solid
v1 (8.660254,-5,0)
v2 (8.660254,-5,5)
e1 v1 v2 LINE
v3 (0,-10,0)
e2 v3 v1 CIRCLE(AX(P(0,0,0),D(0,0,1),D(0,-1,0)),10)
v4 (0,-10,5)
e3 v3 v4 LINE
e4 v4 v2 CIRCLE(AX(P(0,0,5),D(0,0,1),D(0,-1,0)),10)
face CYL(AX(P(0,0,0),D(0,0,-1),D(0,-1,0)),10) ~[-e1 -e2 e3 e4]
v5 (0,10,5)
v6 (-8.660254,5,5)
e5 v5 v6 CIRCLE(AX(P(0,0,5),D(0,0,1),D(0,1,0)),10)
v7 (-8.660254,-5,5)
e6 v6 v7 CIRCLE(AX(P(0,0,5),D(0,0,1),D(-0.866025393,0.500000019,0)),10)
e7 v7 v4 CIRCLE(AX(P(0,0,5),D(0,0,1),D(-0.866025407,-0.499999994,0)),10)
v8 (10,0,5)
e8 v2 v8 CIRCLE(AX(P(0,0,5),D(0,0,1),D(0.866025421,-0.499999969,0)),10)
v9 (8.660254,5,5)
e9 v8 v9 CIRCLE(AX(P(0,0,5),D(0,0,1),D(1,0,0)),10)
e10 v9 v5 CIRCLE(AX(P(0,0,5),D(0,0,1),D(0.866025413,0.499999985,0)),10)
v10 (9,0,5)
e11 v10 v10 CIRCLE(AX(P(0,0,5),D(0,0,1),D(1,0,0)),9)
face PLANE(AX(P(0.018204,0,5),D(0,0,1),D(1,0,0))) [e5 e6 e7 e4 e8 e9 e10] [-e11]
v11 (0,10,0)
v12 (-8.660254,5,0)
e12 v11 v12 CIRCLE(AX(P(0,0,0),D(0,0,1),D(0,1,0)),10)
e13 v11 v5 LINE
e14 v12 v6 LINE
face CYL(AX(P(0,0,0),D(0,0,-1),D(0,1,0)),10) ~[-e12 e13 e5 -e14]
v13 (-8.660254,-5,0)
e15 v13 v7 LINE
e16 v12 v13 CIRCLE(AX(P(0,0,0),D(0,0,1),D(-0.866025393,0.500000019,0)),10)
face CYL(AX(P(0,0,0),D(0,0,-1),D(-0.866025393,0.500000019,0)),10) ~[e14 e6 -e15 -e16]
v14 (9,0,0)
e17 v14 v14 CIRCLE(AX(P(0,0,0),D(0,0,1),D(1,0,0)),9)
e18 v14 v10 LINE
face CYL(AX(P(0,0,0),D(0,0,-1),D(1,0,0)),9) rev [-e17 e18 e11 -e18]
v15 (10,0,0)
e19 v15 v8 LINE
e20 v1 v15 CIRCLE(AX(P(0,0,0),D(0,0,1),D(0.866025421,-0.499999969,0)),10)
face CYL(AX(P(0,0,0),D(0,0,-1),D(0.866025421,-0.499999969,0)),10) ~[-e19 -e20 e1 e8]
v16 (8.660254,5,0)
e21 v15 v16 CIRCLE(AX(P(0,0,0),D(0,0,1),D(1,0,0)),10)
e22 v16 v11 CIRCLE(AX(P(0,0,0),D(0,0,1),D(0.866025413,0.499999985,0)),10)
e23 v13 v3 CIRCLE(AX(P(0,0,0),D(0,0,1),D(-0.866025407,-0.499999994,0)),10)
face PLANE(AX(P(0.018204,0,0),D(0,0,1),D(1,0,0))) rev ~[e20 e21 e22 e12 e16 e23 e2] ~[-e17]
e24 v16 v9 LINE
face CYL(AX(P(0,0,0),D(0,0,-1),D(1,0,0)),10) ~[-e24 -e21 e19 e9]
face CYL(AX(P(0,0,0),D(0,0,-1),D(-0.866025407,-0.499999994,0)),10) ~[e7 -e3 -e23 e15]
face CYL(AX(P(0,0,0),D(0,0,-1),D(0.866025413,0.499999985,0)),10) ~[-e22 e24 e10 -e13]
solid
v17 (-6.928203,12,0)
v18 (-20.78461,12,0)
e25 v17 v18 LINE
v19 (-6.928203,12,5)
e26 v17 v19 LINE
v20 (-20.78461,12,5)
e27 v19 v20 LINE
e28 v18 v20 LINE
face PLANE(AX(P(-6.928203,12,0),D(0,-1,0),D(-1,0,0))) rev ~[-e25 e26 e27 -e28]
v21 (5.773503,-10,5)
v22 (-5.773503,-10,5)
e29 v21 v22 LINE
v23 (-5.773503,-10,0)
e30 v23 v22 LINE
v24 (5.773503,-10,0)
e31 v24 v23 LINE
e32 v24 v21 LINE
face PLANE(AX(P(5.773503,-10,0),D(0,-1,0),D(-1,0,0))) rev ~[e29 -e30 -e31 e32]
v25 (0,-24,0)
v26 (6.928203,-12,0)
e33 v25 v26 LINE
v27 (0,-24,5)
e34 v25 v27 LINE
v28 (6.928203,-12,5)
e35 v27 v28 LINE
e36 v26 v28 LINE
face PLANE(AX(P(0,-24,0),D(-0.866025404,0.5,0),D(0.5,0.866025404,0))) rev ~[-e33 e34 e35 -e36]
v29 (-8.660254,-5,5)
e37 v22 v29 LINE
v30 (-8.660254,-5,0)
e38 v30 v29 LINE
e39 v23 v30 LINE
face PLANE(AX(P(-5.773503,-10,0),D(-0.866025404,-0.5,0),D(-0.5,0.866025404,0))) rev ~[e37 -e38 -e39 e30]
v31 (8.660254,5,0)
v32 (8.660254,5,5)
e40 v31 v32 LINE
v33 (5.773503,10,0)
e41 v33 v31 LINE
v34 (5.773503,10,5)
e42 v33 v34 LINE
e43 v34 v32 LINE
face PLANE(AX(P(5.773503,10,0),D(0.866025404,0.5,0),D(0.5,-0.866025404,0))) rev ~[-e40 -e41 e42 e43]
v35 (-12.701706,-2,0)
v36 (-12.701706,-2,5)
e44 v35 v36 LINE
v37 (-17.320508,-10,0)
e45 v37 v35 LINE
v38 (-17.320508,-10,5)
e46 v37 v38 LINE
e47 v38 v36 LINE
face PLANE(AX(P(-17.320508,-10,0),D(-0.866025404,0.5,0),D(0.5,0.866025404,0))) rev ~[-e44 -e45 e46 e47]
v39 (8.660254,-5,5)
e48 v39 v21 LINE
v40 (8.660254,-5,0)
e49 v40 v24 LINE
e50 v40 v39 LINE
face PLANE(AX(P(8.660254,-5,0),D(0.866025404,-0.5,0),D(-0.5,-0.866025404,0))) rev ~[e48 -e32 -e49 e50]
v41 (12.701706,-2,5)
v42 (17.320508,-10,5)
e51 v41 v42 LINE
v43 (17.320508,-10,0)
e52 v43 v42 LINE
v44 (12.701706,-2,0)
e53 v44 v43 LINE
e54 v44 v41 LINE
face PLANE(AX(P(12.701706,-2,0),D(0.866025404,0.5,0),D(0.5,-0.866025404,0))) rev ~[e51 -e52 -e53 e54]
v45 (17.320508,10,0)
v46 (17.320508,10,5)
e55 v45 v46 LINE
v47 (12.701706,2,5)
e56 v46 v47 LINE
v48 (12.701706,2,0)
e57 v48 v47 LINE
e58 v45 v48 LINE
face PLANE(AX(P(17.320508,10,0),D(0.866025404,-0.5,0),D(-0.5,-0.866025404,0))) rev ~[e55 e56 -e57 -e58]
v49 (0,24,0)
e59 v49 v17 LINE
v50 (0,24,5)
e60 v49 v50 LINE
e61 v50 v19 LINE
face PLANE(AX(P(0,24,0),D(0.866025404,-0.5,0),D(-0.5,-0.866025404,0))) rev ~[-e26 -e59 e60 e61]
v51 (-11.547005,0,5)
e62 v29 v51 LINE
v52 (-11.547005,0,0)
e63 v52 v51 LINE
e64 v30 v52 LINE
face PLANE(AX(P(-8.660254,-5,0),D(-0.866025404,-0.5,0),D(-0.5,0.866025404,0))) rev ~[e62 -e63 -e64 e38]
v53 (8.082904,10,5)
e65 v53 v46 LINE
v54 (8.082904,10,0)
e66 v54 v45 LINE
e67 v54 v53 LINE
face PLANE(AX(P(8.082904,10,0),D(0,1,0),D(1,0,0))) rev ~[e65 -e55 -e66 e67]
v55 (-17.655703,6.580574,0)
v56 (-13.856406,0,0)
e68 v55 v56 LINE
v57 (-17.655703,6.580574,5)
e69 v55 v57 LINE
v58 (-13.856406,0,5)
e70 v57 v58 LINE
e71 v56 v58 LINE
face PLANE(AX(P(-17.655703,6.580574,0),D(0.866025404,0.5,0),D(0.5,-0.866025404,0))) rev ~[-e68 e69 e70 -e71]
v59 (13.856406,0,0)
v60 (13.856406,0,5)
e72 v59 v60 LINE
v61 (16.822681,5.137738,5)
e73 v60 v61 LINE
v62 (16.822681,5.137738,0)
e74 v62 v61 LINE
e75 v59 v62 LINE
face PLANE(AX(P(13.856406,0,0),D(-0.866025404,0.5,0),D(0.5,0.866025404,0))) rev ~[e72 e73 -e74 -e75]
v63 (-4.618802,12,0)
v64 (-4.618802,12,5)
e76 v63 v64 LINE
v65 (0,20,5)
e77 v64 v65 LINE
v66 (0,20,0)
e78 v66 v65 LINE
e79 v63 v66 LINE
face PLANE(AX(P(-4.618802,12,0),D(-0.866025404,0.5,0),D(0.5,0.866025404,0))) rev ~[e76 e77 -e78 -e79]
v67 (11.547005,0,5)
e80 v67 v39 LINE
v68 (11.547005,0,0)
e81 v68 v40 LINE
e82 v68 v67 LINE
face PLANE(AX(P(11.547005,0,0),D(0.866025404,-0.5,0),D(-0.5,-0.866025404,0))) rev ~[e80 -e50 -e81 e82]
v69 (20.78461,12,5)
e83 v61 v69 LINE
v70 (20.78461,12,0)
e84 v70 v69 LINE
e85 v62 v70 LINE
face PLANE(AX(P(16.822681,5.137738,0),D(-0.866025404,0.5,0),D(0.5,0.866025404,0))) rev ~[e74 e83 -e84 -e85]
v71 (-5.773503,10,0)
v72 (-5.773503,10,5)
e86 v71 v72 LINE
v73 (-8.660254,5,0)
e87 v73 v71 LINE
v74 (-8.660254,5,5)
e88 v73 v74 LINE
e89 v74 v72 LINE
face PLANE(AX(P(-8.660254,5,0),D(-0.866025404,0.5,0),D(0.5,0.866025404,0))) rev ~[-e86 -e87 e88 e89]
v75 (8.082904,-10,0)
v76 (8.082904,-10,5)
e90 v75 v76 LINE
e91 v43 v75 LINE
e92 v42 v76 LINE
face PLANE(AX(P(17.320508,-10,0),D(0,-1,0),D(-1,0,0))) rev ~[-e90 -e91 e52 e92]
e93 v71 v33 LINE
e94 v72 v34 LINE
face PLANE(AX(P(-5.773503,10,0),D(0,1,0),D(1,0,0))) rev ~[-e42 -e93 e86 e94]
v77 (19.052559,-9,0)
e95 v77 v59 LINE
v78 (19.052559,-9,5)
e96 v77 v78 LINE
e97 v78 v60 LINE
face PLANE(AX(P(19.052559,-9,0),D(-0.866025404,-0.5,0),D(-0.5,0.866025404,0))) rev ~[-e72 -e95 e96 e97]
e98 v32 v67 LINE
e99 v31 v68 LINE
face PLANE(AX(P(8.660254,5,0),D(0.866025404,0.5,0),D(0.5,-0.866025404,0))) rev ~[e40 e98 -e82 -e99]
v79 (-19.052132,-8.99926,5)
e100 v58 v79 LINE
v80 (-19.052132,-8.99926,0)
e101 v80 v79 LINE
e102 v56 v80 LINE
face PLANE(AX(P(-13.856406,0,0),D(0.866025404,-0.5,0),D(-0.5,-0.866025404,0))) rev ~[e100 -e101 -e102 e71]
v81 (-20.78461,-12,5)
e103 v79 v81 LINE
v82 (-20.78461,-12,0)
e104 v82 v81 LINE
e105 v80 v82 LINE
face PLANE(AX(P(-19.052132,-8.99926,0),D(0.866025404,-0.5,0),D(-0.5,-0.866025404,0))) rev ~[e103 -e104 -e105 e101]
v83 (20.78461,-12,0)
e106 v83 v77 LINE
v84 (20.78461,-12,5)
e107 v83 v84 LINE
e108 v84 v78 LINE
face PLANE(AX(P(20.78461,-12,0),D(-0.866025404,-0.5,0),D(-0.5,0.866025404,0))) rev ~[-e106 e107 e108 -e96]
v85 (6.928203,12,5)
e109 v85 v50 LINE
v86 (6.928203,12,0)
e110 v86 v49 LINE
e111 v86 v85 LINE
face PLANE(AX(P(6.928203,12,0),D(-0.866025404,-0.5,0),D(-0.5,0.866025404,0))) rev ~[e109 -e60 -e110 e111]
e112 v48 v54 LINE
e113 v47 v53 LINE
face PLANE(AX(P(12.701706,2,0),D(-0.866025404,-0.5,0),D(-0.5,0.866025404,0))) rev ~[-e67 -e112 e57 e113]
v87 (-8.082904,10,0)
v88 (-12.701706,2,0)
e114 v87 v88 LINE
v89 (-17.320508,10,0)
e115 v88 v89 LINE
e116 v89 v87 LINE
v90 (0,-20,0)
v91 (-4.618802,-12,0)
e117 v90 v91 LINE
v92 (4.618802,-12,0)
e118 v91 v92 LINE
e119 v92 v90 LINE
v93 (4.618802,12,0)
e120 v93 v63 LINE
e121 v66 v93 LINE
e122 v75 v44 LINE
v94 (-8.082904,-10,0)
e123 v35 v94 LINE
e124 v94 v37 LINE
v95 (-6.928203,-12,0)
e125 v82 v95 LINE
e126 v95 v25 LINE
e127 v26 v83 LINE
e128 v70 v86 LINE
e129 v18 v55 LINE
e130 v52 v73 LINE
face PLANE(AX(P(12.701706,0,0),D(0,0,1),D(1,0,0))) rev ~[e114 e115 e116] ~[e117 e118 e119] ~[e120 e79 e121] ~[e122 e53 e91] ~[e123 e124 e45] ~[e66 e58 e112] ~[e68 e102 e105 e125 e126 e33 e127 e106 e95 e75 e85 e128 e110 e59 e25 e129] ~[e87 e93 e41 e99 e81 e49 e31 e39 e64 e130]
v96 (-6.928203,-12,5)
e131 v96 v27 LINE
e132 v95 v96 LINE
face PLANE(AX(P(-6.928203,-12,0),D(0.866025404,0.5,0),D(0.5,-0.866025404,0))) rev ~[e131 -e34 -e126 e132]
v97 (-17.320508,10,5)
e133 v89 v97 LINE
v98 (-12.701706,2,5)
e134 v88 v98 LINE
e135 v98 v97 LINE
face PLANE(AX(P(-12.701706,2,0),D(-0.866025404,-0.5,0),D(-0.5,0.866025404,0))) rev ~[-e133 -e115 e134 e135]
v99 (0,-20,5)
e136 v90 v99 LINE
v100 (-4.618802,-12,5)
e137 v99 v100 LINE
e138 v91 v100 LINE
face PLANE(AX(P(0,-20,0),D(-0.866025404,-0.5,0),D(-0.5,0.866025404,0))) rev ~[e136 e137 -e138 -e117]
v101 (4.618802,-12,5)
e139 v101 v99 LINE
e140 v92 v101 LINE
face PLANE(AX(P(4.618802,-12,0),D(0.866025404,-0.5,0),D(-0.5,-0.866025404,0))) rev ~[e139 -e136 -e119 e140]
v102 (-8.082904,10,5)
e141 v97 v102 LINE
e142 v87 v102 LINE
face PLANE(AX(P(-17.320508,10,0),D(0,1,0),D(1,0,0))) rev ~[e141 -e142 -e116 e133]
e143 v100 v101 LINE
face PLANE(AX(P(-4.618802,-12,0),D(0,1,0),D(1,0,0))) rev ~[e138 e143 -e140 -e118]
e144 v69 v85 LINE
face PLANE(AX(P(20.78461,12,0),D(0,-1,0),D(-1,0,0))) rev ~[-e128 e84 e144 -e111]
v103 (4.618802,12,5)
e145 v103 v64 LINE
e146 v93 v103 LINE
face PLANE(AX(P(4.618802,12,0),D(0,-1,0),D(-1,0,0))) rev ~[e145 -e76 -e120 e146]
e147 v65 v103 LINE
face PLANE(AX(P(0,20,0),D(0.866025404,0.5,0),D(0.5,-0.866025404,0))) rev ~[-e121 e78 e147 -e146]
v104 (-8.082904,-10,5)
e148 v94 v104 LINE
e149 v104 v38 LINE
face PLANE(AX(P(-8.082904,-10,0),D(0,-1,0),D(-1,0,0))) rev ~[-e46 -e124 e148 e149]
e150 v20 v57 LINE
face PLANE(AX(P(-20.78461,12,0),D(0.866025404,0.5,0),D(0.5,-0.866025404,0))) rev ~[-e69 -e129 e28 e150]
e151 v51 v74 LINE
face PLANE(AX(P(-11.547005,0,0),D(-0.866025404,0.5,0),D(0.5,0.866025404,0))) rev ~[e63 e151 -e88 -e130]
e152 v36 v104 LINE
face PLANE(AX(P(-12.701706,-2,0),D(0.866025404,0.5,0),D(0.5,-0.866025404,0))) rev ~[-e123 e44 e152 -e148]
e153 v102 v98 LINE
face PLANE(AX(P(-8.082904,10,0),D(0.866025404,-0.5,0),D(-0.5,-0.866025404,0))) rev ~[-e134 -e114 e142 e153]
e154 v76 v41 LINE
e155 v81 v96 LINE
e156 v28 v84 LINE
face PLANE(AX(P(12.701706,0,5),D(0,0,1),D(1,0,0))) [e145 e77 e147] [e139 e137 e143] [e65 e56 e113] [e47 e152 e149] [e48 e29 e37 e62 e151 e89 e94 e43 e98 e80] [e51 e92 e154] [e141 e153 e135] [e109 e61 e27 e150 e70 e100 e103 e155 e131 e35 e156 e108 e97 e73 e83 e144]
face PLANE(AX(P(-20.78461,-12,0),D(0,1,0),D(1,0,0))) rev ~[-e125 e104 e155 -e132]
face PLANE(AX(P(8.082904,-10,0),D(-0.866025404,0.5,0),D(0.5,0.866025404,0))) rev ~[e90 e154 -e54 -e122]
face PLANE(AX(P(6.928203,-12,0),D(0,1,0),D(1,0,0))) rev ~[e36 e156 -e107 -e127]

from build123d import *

# Parameters (mm, degrees)
F1_DEPTH = 5
F0_R     = 9


with BuildPart() as f1:
    # F0 (on Top) → F1 (new body)
    with BuildSketch(Plane.XY):
        Polygon((12.7017059222, 2), (11.5470053838, 0), (12.7017059222, -2), (13.8564064606, 0), align=None)
        Polygon((4.6188021535, 12), (5.7735026919, 10), (8.0829037687, 10), (6.9282032303, 12), align=None)
        Polygon((8.0829037687, -10), (5.7735026919, -10), (4.6188021535, -12), (6.9282032303, -12), align=None)
        Polygon((-8.0829037687, 10), (-5.7735026919, 10), (-4.6188021535, 12), (-6.9282032303, 12), align=None)
        Polygon((17.3205080757, 10), (12.7017059222, 2), (13.8564064606, 0), (16.8226809912, 5.1377381962), (20.7846096908, 12), (6.9282032303, 12), (8.0829037687, 10), align=None)
        Polygon((13.8564064606, 0), (12.7017059222, -2), (17.3205080757, -10), (8.0829037687, -10), (6.9282032303, -12), (20.7846096908, -12), (19.0525588833, -9), align=None)
        Polygon((0, 20), (4.6188021535, 12), (6.9282032303, 12), (0, 24), align=None)
        Polygon((-4.6188021535, -12), (-5.7735026919, -10), (-8.0829037687, -10), (-6.9282032303, -12), align=None)
        Polygon((6.9282032303, -12), (4.6188021535, -12), (0, -20), (-4.6188021535, -12), (-6.9282032303, -12), (0, -24), align=None)
        Polygon((-12.7017059222, -2), (-11.5470053838, 0), (-12.7017059222, 2), (-13.8564064606, 0), align=None)
        Polygon((-17.3205080757, 10), (-8.0829037687, 10), (-6.9282032303, 12), (-14.9249080569, 12), (-20.7846096908, 12), (-17.6557027298, 6.5805741713), (-13.8564064606, 0), (-12.7017059222, 2), align=None)
        Polygon((-6.9282032303, 12), (-4.6188021535, 12), (0, 20), (0, 24), align=None)
        Polygon((-6.9282032303, -12), (-8.0829037687, -10), (-17.3205080757, -10), (-12.7017059222, -2), (-13.8564064606, 0), (-19.0521317889, -8.999260251), (-20.7846096908, -12), (-10.969533585, -12), align=None)
        Polygon((5.7735026919, 10), (8.6602541255, 4.9999998482), (11.5470053838, 0), (12.7017059222, 2), (8.0829037687, 10), align=None)
        Polygon((-11.5470053838, 0), (-8.6602539262, 5.0000001934), (-5.7735026919, 10), (-8.0829037687, 10), (-12.7017059222, 2), align=None)
        Polygon((-5.7735026919, -10), (-8.6602540721, -4.9999999406), (-11.5470053838, 0), (-12.7017059222, -2), (-8.0829037687, -10), align=None)
        Polygon((11.5470053838, 0), (8.6602542144, -4.9999996942), (5.7735026919, -10), (8.0829037687, -10), (12.7017059222, -2), align=None)
        Polygon((5.7735026919, -10), (0, -10), (-5.7735026919, -10), (-4.6188021535, -12), (4.6188021535, -12), align=None)
        Polygon((-5.7735026919, 10), (0, 10), (5.7735026919, 10), (4.6188021535, 12), (-4.6188021535, 12), align=None)
    extrude(amount=F1_DEPTH)


with BuildPart() as f1b:
    # F0 (on Top) → F1, piece 2 (new body)
    with BuildSketch(Plane.XY):
        with BuildLine():
            ThreePointArc((8.6602542144, -4.9999996942), (9.6592583086, -2.5881902805), (10, 0))
            ThreePointArc((10, 0), (9.6592582856, 2.5881903664), (8.6602541255, 4.9999998482))
            ThreePointArc((8.6602541255, 4.9999998482), (5.0000000759, 8.660253994), (0, 10))
            ThreePointArc((0, 10), (-4.9999999033, 8.6602540937), (-8.6602539262, 5.0000001934))
            ThreePointArc((-8.6602539262, 5.0000001934), (-10, 1.46e-07), (-8.6602540721, -4.9999999406))
            ThreePointArc((-8.6602540721, -4.9999999406), (-5.0000000297, -8.6602540207), (0, -10))
            ThreePointArc((0, -10), (5.0000001529, -8.6602539496), (8.6602542144, -4.9999996942))
        make_face()
        Circle(F0_R, mode=Mode.SUBTRACT)
    extrude(amount=F1_DEPTH)


solid = Compound([f1.part, f1b.part])
